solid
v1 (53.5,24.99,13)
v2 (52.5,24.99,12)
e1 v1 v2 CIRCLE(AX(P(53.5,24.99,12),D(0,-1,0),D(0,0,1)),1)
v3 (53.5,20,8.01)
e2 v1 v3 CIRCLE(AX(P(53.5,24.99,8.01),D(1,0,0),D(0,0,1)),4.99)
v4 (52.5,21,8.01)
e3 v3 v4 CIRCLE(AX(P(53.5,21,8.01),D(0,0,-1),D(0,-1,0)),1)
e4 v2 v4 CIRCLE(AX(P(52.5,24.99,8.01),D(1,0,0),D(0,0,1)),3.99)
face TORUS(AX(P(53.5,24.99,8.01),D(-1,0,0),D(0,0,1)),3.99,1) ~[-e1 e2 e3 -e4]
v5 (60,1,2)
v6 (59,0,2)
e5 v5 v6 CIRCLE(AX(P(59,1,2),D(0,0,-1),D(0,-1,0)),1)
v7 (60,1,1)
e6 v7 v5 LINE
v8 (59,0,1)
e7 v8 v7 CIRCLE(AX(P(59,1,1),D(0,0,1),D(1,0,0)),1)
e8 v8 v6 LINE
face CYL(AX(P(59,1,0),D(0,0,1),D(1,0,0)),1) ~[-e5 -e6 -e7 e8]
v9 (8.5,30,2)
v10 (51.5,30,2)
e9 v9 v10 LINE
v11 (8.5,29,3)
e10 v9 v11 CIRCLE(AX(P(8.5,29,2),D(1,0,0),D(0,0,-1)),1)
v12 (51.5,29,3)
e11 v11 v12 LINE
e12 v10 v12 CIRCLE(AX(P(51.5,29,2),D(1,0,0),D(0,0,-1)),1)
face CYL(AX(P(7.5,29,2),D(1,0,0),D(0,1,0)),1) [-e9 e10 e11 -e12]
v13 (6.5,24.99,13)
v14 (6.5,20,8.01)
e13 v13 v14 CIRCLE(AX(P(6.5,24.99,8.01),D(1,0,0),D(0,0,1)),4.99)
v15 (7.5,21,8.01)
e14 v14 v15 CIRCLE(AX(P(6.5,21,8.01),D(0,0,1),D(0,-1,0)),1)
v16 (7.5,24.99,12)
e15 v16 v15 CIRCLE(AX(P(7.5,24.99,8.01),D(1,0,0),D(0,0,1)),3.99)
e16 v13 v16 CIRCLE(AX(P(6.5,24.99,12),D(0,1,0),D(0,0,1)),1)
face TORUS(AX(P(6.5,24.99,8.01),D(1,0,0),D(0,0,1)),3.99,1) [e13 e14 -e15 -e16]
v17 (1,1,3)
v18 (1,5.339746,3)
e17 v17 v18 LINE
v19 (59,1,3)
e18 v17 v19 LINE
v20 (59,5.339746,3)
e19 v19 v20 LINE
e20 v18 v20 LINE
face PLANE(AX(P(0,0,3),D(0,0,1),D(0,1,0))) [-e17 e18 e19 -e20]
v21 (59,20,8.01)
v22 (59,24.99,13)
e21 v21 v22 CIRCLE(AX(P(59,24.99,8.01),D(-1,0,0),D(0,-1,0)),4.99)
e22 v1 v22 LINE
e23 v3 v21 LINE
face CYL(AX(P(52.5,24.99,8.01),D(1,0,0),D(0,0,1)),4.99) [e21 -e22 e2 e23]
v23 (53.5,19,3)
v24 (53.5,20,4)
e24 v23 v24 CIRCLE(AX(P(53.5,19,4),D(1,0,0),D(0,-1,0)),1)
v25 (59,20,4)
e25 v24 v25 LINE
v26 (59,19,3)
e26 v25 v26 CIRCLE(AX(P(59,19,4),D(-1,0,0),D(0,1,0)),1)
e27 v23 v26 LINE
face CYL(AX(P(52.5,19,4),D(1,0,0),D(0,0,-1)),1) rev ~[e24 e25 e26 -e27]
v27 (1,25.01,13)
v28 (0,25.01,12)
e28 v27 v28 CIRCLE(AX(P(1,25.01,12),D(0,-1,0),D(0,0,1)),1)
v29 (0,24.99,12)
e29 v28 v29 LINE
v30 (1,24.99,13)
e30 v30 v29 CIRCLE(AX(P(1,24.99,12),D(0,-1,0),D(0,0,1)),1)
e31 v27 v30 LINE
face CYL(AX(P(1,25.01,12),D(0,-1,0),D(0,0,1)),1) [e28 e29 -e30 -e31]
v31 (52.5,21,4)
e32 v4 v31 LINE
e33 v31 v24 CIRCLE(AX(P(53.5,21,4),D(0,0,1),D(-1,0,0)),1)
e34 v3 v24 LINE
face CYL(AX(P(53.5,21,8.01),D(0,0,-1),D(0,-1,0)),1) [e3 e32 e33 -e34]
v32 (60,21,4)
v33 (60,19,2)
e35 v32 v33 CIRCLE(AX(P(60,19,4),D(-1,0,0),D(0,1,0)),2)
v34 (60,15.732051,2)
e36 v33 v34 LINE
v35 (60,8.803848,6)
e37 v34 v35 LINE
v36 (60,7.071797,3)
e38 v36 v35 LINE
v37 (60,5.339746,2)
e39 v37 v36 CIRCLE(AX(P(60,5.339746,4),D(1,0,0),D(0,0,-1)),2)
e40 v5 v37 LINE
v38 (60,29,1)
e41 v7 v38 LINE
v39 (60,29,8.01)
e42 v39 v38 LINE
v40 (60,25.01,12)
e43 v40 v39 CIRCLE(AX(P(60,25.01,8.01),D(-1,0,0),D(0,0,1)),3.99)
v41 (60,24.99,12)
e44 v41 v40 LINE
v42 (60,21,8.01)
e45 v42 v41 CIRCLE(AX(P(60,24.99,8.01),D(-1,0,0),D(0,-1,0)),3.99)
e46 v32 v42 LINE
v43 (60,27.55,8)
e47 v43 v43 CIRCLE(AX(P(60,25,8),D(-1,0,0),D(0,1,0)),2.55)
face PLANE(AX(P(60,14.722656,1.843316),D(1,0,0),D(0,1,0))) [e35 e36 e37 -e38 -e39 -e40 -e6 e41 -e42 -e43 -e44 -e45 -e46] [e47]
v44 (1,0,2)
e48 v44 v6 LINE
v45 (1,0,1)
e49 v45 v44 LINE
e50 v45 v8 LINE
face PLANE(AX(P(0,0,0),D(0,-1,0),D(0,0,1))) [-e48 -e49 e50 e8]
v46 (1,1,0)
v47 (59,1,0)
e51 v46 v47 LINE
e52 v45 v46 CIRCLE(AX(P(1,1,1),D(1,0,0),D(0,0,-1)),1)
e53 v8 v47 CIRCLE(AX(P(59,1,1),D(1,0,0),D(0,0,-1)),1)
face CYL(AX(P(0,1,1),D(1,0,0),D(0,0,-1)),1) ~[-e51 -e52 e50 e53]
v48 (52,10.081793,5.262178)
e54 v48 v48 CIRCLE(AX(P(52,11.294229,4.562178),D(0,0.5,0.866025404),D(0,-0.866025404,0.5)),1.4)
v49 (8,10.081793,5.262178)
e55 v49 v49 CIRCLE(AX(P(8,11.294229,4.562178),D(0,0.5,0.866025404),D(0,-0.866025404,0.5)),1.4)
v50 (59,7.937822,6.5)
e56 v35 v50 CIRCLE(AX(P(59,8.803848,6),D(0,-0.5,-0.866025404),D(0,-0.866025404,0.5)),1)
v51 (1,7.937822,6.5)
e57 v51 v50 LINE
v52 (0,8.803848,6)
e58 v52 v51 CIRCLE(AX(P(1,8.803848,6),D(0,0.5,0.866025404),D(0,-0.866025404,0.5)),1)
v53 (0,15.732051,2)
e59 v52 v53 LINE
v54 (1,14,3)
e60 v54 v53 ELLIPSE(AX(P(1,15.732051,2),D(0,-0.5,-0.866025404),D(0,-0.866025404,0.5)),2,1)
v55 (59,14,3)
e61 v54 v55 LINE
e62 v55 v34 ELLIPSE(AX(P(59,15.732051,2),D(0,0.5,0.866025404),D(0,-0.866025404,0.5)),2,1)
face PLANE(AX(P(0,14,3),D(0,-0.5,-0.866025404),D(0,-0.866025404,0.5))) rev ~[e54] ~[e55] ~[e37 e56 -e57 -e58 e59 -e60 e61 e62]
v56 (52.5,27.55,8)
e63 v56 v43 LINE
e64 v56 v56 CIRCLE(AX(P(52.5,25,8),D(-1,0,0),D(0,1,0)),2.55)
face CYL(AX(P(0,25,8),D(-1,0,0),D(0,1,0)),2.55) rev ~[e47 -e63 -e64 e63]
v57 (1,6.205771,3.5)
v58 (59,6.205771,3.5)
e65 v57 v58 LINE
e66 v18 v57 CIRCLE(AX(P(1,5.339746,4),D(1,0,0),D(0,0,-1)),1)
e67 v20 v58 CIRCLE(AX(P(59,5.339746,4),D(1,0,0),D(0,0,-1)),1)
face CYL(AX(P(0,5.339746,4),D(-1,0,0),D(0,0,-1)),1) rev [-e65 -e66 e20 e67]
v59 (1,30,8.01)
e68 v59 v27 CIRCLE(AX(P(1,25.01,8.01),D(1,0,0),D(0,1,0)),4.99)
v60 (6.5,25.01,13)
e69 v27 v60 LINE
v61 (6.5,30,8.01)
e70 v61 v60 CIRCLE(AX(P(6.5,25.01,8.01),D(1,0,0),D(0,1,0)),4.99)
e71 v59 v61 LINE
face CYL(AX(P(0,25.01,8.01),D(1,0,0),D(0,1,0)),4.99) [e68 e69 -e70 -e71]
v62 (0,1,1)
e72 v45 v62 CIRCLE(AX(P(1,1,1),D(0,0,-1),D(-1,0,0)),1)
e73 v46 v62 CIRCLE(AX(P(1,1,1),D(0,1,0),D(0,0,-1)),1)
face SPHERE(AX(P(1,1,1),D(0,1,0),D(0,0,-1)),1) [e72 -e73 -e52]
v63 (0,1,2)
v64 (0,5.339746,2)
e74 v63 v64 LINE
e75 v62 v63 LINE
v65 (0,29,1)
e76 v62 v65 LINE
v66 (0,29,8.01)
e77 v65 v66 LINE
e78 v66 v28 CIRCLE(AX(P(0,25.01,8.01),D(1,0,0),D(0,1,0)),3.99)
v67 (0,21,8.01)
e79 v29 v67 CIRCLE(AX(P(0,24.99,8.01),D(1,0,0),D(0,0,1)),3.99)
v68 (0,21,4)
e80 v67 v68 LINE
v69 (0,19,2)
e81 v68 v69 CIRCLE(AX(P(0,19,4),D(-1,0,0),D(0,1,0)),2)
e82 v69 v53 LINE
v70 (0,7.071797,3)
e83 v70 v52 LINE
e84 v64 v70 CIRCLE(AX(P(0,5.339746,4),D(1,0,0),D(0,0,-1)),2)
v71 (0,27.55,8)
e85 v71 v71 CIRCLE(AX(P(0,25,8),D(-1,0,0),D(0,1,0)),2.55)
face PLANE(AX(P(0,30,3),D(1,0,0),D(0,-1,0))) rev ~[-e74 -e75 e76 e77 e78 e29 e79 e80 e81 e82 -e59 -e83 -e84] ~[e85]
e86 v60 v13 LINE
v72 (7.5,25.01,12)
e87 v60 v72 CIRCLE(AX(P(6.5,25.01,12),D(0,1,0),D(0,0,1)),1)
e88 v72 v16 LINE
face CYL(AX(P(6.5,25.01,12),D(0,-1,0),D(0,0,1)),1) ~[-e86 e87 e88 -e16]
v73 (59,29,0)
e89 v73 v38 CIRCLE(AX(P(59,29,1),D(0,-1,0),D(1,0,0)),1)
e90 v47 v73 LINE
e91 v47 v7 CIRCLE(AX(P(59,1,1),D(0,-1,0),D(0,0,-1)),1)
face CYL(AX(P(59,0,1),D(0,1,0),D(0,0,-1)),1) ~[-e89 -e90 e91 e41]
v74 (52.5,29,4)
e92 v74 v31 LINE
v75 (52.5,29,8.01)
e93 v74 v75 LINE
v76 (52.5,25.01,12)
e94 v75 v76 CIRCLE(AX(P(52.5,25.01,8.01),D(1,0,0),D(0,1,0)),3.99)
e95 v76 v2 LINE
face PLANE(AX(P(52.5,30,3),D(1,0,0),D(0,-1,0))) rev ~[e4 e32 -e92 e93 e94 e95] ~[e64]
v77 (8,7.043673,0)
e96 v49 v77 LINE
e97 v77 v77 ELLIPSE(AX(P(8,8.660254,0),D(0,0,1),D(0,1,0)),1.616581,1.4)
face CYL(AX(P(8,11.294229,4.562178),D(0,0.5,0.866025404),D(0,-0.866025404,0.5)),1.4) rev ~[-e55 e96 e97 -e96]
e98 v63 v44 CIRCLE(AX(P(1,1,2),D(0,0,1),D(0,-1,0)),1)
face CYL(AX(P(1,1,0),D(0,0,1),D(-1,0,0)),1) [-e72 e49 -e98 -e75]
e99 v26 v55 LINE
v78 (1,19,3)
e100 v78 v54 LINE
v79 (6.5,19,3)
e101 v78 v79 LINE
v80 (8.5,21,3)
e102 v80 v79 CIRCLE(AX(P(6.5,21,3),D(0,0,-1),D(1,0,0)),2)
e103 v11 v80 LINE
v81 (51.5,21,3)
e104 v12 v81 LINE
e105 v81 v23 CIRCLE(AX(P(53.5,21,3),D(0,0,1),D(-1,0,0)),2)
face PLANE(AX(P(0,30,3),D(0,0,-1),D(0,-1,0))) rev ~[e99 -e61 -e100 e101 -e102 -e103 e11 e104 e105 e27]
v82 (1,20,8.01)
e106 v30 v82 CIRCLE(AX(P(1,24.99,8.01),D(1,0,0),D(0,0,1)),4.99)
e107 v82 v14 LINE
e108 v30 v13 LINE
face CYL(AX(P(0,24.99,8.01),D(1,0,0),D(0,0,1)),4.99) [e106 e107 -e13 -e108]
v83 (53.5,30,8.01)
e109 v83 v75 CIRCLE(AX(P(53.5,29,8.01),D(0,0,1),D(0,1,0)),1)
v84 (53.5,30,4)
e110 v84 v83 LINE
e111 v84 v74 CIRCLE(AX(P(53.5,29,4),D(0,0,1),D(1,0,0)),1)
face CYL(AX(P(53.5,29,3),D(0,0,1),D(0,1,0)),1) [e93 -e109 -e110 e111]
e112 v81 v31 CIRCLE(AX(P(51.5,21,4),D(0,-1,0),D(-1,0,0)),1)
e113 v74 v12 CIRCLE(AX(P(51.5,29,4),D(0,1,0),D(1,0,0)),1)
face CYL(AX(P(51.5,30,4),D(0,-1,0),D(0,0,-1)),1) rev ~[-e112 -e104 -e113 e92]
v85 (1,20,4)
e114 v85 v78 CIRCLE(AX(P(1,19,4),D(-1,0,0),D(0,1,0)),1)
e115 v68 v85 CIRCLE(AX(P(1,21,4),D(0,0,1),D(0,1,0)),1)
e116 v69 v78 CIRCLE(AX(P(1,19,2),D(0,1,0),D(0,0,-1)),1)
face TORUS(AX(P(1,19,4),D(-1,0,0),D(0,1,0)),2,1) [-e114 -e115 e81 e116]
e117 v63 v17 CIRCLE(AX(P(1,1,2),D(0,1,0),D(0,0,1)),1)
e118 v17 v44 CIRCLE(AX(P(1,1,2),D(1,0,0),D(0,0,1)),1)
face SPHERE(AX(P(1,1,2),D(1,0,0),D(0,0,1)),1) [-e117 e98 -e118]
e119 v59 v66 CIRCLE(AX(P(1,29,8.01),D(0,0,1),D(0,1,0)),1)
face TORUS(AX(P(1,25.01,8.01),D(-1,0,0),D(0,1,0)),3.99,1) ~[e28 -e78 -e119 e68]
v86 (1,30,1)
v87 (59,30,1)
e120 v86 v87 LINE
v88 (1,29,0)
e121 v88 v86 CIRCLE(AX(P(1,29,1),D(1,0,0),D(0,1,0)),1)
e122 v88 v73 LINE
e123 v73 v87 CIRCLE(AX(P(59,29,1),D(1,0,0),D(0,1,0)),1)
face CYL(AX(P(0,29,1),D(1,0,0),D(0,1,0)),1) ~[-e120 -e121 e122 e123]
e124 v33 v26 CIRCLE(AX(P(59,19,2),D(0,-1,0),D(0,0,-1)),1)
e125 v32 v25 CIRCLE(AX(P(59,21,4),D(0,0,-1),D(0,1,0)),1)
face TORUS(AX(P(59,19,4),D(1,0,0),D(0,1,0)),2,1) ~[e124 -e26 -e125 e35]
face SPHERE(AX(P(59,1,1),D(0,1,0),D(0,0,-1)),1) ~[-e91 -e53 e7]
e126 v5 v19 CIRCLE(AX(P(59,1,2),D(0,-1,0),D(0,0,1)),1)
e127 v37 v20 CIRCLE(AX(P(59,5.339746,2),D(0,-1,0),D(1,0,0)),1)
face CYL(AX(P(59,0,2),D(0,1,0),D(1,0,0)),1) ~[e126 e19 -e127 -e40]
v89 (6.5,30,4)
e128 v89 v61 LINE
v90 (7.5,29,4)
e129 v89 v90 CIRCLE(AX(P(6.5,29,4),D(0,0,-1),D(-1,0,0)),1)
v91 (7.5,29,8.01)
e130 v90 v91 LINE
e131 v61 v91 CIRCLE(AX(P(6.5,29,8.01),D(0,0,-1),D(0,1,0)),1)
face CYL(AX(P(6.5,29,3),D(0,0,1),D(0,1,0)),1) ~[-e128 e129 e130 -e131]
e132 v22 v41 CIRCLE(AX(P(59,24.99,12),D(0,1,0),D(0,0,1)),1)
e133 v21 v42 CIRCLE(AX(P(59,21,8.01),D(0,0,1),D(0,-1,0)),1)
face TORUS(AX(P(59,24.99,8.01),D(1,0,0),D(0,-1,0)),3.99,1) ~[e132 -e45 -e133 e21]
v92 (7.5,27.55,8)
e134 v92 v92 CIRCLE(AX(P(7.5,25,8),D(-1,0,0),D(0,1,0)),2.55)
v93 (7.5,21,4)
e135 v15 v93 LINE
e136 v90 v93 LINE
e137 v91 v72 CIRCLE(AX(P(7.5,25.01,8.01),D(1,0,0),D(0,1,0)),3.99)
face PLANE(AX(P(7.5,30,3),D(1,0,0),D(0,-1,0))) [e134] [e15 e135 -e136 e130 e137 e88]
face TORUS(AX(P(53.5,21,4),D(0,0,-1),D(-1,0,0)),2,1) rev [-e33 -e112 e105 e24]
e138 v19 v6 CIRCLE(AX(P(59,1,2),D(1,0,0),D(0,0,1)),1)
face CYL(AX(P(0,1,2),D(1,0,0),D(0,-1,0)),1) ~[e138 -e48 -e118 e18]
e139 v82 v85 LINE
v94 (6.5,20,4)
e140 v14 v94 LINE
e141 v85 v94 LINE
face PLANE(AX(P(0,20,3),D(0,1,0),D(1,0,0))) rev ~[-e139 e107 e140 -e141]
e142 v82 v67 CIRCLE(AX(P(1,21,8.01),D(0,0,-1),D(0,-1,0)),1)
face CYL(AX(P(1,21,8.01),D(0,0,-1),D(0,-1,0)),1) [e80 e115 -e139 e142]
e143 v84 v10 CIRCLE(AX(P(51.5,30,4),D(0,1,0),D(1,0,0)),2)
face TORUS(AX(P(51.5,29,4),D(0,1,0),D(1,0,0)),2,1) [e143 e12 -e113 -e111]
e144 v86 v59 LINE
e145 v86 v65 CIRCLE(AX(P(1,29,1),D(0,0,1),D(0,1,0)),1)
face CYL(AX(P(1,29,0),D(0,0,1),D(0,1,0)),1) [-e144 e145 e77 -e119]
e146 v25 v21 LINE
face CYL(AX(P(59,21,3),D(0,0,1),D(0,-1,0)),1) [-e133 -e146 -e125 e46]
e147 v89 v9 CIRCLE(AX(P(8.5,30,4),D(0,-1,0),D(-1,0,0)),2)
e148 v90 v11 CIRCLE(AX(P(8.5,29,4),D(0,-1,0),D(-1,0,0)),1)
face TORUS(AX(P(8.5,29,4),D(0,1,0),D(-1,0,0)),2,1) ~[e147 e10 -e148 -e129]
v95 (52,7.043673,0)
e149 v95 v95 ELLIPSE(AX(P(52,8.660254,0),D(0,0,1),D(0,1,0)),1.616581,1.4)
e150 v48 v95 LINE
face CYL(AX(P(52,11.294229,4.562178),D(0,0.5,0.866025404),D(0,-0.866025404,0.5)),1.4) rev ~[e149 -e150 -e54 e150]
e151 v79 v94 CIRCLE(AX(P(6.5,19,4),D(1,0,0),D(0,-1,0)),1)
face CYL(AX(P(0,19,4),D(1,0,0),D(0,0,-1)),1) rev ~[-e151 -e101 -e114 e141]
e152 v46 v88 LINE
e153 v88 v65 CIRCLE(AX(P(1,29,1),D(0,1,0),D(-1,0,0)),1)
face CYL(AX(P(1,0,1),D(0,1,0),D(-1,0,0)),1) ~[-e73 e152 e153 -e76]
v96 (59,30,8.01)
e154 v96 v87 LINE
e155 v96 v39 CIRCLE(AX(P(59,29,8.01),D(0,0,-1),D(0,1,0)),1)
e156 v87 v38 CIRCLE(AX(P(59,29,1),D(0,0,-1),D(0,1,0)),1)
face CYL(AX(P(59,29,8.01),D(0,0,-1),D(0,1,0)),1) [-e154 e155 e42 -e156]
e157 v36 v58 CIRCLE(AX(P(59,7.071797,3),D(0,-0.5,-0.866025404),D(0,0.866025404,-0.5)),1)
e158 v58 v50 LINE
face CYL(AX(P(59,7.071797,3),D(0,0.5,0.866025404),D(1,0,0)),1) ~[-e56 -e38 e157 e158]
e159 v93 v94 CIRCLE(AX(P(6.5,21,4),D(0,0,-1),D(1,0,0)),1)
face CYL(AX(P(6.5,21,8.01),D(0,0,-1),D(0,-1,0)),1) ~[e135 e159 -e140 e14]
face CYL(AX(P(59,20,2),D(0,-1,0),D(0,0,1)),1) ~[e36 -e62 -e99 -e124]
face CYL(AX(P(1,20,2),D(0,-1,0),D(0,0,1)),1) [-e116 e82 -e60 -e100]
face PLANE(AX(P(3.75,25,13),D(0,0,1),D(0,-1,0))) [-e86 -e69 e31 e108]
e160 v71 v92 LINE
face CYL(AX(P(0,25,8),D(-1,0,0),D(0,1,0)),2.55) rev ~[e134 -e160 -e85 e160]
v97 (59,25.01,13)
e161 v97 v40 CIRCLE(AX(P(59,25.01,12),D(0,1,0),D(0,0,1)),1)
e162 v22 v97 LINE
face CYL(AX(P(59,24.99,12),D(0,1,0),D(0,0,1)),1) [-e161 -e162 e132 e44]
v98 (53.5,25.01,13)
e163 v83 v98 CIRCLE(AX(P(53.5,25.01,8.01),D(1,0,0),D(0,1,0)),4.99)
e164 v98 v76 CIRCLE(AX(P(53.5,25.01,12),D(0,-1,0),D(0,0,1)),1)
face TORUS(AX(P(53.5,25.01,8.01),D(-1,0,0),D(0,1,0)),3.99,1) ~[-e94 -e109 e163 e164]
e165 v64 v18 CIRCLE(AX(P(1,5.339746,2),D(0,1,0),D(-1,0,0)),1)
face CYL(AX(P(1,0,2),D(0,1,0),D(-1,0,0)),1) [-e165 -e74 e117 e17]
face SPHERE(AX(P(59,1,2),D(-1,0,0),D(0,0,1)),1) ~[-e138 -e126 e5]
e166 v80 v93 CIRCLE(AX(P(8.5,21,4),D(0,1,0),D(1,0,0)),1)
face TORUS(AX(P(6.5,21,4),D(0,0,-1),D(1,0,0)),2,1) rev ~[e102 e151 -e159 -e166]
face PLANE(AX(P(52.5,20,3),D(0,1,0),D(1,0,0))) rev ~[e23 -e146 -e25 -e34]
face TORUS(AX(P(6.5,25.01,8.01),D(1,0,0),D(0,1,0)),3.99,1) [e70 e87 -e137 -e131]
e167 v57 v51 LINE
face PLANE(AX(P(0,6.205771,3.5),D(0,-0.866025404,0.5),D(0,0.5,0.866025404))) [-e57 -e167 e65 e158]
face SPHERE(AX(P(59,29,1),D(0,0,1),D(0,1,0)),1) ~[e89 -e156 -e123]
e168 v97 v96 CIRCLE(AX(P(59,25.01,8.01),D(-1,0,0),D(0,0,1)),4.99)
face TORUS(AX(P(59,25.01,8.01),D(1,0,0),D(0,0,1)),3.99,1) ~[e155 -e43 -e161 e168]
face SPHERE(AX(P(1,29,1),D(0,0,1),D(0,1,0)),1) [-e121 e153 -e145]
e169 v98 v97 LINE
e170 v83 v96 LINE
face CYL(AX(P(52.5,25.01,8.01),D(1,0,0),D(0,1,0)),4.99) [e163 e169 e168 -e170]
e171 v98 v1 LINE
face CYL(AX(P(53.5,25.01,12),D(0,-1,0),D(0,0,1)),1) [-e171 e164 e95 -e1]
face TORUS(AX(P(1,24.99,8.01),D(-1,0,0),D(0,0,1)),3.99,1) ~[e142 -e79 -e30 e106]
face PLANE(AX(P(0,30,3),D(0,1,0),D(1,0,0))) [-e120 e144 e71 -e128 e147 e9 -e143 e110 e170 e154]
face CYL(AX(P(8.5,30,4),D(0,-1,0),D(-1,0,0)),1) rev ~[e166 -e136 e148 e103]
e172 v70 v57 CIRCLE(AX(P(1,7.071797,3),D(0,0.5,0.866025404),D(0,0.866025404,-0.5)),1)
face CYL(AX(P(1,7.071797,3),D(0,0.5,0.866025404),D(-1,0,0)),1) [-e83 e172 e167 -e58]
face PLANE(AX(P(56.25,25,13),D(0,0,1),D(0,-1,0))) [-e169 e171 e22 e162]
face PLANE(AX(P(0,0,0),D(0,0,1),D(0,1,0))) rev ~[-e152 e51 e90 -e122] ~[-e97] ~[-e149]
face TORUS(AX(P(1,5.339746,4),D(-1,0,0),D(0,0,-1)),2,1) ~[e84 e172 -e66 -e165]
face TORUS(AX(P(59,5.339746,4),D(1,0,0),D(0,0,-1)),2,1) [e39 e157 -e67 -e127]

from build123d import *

# Parameters (mm, degrees)
PAD_DEPTH       = 60
SKETCH001_W     = 10
SKETCH001_H     = 7.5
PAD001_DEPTH    = 10
SKETCH002_R     = 2.55
POCKET_DEPTH    = 60
FILLET_R        = 4.99
FILLET001_R     = 1
SKETCH003_R     = 1.4
POCKET001_DEPTH = 7


with BuildPart() as part:
    # Sketch → Pad (new body)
    with BuildSketch(Plane.YZ):
        with BuildLine():
            Line((0, 0), (30, 0))
            Line((30, 0), (30, 3))
            Line((30, 3), (14, 3))
            Line((14, 3), (7.9378221735, 6.5))
            Line((6.205771366, 3.5), (7.9378221735, 6.5))
            ThreePointArc((5.3397459622, 3), (5.8397459622, 3.1339745962), (6.205771366, 3.5))
            Line((0, 3), (5.3397459622, 3))
            Line((0, 0), (0, 3))
        make_face()
    extrude(amount=PAD_DEPTH)

    # Sketch001 (on Face3 of Pad) → Pad001 (join)
    with BuildSketch(Plane(origin=(0, 0, 3), x_dir=(0, -1, 0), z_dir=(0, 0, 1))):
        with Locations((-25, 3.75)):
            Rectangle(SKETCH001_W, SKETCH001_H)
        with Locations((-25, 56.25)):
            Rectangle(SKETCH001_W, SKETCH001_H)
    extrude(amount=PAD001_DEPTH)

    # Sketch002 (on Face15 of Pad001) → Pocket (cut)
    with BuildSketch(Plane(origin=(0, 0, 0), x_dir=(0, 1, 0), z_dir=(-1, 0, 0))):
        with Locations((25, -8)):
            Circle(SKETCH002_R)
    extrude(amount=-POCKET_DEPTH, mode=Mode.SUBTRACT)

    # Fillet
    fillet_edges = [part.edges().sort_by_distance(p)[0] for p in [
        (56.25, 30, 13),
        (56.25, 20, 13),
        (3.75, 30, 13),
        (3.75, 20, 13),
    ]]
    fillet(fillet_edges, radius=FILLET_R)

    # Fillet001
    fillet001_edges = [part.edges().sort_by_distance(p)[0] for p in [
        (7.5, 30, 5.505),
        (0, 30, 4.005),
        (52.5, 30, 5.505),
        (60, 30, 4.005),
        (30, 30, 3),
        (30, 30, 0),
        (60, 15, 0),
        (60, 17, 3),
        (0, 17, 3),
        (0, 15, 0),
        (30, 0, 3),
        (60, 2.669873, 3),
        (0, 2.669873, 3),
        (30, 0, 0),
        (0, 0, 1.5),
        (60, 0, 1.5),
        (52.5, 25, 3),
        (7.5, 25, 3),
        (3.75, 20, 3),
        (56.25, 20, 3),
    ]]
    fillet(fillet001_edges, radius=FILLET001_R)

    # Sketch003 (on Face17 of Fillet) → Pocket001 (cut)
    with BuildSketch(Plane(origin=(0, 4.7990381057, 8.3121778265), x_dir=(0, -0.8660254038, 0.5), z_dir=(0, 0.5, 0.8660254038))):
        with Locations((-7.5, 52)):
            Circle(SKETCH003_R)
        with Locations((-7.5, 8)):
            Circle(SKETCH003_R)
    extrude(amount=-POCKET001_DEPTH, mode=Mode.SUBTRACT)


solid = part.part
